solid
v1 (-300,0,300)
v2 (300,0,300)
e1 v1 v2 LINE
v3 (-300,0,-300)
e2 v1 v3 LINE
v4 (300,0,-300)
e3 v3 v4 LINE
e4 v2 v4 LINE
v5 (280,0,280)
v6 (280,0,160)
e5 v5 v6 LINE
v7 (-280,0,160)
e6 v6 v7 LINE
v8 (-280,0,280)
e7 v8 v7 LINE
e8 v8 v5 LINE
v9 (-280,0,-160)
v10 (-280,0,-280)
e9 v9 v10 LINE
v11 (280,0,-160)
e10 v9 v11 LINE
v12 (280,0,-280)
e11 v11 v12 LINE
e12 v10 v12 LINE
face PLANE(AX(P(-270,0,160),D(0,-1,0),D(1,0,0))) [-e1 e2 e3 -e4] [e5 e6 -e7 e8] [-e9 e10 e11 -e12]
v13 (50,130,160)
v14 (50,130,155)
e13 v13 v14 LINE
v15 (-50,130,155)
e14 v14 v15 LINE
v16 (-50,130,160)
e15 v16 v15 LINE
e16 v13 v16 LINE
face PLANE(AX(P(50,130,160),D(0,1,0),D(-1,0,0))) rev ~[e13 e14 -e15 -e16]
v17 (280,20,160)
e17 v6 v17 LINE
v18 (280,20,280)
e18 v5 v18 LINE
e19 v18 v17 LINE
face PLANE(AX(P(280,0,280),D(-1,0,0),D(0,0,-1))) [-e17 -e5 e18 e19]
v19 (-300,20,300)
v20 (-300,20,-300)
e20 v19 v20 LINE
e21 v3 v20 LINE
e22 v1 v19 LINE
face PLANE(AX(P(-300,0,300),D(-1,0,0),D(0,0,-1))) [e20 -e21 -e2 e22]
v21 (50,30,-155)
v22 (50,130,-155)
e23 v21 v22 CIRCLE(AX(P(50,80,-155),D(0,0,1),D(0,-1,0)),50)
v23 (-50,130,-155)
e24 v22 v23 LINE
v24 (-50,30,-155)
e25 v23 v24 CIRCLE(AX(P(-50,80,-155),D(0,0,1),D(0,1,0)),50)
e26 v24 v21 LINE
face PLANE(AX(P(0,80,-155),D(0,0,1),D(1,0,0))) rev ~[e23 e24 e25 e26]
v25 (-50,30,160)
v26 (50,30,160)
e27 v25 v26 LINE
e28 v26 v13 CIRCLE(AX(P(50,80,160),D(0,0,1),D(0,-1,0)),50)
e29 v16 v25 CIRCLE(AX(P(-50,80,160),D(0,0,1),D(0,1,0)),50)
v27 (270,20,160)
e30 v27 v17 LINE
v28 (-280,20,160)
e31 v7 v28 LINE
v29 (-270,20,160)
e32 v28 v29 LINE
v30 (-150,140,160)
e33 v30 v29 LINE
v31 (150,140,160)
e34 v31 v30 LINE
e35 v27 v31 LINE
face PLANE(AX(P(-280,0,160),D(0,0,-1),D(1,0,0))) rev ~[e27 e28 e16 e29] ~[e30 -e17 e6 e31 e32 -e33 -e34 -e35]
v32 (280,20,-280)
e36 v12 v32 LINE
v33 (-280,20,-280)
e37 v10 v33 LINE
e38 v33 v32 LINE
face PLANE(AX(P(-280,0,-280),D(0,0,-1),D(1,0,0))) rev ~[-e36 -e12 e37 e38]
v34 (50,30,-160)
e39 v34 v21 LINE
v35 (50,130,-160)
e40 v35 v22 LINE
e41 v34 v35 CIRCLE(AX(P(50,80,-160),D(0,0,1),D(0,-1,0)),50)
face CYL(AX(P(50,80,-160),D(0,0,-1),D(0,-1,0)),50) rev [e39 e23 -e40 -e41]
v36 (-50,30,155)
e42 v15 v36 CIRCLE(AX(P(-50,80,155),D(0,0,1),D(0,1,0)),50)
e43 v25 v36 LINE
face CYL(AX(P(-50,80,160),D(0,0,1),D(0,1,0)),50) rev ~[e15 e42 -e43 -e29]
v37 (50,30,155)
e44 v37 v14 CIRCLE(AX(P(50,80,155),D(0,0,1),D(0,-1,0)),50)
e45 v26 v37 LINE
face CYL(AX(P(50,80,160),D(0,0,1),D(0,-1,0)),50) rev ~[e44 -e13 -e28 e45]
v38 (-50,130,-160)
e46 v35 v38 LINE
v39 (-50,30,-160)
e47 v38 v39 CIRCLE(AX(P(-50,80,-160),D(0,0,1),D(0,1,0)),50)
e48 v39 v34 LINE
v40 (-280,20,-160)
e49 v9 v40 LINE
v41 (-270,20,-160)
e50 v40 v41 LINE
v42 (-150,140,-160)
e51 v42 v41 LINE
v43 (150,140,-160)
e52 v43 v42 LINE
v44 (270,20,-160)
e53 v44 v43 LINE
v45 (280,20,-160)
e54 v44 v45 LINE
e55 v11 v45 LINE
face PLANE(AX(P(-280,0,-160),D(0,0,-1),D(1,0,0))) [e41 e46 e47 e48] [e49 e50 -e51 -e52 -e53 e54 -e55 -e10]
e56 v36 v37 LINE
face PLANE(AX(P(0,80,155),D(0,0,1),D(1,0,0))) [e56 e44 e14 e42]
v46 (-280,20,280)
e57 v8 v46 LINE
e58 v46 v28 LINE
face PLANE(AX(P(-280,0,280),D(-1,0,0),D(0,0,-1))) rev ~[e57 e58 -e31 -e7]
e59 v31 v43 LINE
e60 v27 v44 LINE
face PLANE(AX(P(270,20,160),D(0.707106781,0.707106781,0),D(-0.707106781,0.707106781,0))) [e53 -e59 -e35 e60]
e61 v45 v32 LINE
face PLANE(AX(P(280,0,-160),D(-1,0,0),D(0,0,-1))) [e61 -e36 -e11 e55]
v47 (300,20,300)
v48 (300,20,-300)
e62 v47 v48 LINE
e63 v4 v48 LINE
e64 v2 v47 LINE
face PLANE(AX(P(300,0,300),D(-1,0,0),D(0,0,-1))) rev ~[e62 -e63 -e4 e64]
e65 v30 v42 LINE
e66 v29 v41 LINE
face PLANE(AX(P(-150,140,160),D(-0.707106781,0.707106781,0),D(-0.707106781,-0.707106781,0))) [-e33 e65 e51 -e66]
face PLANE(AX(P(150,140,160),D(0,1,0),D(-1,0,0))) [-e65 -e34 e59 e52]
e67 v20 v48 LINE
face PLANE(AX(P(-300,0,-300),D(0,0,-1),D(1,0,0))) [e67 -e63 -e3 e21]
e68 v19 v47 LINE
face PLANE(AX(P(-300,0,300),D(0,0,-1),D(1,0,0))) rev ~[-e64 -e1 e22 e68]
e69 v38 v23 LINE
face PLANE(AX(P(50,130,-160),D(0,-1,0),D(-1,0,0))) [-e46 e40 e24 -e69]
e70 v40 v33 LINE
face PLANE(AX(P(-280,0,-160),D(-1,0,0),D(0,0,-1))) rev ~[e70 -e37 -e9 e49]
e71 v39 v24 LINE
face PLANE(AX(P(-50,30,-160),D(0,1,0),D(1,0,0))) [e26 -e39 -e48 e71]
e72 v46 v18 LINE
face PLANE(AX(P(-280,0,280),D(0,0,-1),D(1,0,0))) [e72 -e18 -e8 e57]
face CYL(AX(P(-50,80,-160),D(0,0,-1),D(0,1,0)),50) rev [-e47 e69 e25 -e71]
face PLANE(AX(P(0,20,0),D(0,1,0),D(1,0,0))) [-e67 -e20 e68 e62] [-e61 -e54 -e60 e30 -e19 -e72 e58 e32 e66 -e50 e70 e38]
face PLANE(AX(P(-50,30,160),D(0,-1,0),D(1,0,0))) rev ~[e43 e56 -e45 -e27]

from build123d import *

# Parameters (mm, degrees)
SKETCH_1_W          = 600
SKETCH_1_H          = 600
SKETCH_1_W_2        = 560
SKETCH_1_H_2        = 120
EXTRUDE_1_DEPTH     = 20
EXTRUDE_2_DEPTH     = 320
CUT_EXTRUDE_1_DEPTH = 5
CUT_EXTRUDE_START   = -320
CUT_EXTRUDE_3_DEPTH = 5


with BuildPart() as part:
    # 草图1 → 凸台-拉伸1 (new body)
    with BuildSketch(Plane(origin=(0, 0, 0), x_dir=(1, 0, 0), z_dir=(0, 1, 0))):
        Rectangle(SKETCH_1_W, SKETCH_1_H)
        with Locations((0, 220)):
            Rectangle(SKETCH_1_W_2, SKETCH_1_H_2, mode=Mode.SUBTRACT)
        with Locations((0, -220)):
            Rectangle(SKETCH_1_W_2, SKETCH_1_H_2, mode=Mode.SUBTRACT)
    extrude(amount=EXTRUDE_1_DEPTH)

    # 草图2 → 凸台-拉伸2 (add)
    with BuildSketch(Plane.XY.offset(160)):
        Polygon((-270, 20), (-270, 0), (270, 0), (270, 20), (150, 140), (-150, 140), align=None)
    extrude(amount=-EXTRUDE_2_DEPTH)

    # 草图3 → 切除-拉伸1 (cut)
    with BuildSketch(Plane.XY.offset(160)):
        with BuildLine():
            Line((50, 130), (-50, 130))
            ThreePointArc((-50, 130), (-100, 80), (-50, 30))
            Line((-50, 30), (50, 30))
            ThreePointArc((50, 30), (100, 80), (50, 130))
        make_face()
    extrude(amount=-CUT_EXTRUDE_1_DEPTH, mode=Mode.SUBTRACT)

    # 草图3<3> → 切除-拉伸3 (cut)
    with BuildSketch(Plane.XY.offset(160).offset(CUT_EXTRUDE_START)):
        with BuildLine():
            Line((50, 130), (-50, 130))
            ThreePointArc((-50, 130), (-100, 80), (-50, 30))
            Line((-50, 30), (50, 30))
            ThreePointArc((50, 30), (100, 80), (50, 130))
        make_face()
    extrude(amount=CUT_EXTRUDE_3_DEPTH, mode=Mode.SUBTRACT)


solid = part.part
